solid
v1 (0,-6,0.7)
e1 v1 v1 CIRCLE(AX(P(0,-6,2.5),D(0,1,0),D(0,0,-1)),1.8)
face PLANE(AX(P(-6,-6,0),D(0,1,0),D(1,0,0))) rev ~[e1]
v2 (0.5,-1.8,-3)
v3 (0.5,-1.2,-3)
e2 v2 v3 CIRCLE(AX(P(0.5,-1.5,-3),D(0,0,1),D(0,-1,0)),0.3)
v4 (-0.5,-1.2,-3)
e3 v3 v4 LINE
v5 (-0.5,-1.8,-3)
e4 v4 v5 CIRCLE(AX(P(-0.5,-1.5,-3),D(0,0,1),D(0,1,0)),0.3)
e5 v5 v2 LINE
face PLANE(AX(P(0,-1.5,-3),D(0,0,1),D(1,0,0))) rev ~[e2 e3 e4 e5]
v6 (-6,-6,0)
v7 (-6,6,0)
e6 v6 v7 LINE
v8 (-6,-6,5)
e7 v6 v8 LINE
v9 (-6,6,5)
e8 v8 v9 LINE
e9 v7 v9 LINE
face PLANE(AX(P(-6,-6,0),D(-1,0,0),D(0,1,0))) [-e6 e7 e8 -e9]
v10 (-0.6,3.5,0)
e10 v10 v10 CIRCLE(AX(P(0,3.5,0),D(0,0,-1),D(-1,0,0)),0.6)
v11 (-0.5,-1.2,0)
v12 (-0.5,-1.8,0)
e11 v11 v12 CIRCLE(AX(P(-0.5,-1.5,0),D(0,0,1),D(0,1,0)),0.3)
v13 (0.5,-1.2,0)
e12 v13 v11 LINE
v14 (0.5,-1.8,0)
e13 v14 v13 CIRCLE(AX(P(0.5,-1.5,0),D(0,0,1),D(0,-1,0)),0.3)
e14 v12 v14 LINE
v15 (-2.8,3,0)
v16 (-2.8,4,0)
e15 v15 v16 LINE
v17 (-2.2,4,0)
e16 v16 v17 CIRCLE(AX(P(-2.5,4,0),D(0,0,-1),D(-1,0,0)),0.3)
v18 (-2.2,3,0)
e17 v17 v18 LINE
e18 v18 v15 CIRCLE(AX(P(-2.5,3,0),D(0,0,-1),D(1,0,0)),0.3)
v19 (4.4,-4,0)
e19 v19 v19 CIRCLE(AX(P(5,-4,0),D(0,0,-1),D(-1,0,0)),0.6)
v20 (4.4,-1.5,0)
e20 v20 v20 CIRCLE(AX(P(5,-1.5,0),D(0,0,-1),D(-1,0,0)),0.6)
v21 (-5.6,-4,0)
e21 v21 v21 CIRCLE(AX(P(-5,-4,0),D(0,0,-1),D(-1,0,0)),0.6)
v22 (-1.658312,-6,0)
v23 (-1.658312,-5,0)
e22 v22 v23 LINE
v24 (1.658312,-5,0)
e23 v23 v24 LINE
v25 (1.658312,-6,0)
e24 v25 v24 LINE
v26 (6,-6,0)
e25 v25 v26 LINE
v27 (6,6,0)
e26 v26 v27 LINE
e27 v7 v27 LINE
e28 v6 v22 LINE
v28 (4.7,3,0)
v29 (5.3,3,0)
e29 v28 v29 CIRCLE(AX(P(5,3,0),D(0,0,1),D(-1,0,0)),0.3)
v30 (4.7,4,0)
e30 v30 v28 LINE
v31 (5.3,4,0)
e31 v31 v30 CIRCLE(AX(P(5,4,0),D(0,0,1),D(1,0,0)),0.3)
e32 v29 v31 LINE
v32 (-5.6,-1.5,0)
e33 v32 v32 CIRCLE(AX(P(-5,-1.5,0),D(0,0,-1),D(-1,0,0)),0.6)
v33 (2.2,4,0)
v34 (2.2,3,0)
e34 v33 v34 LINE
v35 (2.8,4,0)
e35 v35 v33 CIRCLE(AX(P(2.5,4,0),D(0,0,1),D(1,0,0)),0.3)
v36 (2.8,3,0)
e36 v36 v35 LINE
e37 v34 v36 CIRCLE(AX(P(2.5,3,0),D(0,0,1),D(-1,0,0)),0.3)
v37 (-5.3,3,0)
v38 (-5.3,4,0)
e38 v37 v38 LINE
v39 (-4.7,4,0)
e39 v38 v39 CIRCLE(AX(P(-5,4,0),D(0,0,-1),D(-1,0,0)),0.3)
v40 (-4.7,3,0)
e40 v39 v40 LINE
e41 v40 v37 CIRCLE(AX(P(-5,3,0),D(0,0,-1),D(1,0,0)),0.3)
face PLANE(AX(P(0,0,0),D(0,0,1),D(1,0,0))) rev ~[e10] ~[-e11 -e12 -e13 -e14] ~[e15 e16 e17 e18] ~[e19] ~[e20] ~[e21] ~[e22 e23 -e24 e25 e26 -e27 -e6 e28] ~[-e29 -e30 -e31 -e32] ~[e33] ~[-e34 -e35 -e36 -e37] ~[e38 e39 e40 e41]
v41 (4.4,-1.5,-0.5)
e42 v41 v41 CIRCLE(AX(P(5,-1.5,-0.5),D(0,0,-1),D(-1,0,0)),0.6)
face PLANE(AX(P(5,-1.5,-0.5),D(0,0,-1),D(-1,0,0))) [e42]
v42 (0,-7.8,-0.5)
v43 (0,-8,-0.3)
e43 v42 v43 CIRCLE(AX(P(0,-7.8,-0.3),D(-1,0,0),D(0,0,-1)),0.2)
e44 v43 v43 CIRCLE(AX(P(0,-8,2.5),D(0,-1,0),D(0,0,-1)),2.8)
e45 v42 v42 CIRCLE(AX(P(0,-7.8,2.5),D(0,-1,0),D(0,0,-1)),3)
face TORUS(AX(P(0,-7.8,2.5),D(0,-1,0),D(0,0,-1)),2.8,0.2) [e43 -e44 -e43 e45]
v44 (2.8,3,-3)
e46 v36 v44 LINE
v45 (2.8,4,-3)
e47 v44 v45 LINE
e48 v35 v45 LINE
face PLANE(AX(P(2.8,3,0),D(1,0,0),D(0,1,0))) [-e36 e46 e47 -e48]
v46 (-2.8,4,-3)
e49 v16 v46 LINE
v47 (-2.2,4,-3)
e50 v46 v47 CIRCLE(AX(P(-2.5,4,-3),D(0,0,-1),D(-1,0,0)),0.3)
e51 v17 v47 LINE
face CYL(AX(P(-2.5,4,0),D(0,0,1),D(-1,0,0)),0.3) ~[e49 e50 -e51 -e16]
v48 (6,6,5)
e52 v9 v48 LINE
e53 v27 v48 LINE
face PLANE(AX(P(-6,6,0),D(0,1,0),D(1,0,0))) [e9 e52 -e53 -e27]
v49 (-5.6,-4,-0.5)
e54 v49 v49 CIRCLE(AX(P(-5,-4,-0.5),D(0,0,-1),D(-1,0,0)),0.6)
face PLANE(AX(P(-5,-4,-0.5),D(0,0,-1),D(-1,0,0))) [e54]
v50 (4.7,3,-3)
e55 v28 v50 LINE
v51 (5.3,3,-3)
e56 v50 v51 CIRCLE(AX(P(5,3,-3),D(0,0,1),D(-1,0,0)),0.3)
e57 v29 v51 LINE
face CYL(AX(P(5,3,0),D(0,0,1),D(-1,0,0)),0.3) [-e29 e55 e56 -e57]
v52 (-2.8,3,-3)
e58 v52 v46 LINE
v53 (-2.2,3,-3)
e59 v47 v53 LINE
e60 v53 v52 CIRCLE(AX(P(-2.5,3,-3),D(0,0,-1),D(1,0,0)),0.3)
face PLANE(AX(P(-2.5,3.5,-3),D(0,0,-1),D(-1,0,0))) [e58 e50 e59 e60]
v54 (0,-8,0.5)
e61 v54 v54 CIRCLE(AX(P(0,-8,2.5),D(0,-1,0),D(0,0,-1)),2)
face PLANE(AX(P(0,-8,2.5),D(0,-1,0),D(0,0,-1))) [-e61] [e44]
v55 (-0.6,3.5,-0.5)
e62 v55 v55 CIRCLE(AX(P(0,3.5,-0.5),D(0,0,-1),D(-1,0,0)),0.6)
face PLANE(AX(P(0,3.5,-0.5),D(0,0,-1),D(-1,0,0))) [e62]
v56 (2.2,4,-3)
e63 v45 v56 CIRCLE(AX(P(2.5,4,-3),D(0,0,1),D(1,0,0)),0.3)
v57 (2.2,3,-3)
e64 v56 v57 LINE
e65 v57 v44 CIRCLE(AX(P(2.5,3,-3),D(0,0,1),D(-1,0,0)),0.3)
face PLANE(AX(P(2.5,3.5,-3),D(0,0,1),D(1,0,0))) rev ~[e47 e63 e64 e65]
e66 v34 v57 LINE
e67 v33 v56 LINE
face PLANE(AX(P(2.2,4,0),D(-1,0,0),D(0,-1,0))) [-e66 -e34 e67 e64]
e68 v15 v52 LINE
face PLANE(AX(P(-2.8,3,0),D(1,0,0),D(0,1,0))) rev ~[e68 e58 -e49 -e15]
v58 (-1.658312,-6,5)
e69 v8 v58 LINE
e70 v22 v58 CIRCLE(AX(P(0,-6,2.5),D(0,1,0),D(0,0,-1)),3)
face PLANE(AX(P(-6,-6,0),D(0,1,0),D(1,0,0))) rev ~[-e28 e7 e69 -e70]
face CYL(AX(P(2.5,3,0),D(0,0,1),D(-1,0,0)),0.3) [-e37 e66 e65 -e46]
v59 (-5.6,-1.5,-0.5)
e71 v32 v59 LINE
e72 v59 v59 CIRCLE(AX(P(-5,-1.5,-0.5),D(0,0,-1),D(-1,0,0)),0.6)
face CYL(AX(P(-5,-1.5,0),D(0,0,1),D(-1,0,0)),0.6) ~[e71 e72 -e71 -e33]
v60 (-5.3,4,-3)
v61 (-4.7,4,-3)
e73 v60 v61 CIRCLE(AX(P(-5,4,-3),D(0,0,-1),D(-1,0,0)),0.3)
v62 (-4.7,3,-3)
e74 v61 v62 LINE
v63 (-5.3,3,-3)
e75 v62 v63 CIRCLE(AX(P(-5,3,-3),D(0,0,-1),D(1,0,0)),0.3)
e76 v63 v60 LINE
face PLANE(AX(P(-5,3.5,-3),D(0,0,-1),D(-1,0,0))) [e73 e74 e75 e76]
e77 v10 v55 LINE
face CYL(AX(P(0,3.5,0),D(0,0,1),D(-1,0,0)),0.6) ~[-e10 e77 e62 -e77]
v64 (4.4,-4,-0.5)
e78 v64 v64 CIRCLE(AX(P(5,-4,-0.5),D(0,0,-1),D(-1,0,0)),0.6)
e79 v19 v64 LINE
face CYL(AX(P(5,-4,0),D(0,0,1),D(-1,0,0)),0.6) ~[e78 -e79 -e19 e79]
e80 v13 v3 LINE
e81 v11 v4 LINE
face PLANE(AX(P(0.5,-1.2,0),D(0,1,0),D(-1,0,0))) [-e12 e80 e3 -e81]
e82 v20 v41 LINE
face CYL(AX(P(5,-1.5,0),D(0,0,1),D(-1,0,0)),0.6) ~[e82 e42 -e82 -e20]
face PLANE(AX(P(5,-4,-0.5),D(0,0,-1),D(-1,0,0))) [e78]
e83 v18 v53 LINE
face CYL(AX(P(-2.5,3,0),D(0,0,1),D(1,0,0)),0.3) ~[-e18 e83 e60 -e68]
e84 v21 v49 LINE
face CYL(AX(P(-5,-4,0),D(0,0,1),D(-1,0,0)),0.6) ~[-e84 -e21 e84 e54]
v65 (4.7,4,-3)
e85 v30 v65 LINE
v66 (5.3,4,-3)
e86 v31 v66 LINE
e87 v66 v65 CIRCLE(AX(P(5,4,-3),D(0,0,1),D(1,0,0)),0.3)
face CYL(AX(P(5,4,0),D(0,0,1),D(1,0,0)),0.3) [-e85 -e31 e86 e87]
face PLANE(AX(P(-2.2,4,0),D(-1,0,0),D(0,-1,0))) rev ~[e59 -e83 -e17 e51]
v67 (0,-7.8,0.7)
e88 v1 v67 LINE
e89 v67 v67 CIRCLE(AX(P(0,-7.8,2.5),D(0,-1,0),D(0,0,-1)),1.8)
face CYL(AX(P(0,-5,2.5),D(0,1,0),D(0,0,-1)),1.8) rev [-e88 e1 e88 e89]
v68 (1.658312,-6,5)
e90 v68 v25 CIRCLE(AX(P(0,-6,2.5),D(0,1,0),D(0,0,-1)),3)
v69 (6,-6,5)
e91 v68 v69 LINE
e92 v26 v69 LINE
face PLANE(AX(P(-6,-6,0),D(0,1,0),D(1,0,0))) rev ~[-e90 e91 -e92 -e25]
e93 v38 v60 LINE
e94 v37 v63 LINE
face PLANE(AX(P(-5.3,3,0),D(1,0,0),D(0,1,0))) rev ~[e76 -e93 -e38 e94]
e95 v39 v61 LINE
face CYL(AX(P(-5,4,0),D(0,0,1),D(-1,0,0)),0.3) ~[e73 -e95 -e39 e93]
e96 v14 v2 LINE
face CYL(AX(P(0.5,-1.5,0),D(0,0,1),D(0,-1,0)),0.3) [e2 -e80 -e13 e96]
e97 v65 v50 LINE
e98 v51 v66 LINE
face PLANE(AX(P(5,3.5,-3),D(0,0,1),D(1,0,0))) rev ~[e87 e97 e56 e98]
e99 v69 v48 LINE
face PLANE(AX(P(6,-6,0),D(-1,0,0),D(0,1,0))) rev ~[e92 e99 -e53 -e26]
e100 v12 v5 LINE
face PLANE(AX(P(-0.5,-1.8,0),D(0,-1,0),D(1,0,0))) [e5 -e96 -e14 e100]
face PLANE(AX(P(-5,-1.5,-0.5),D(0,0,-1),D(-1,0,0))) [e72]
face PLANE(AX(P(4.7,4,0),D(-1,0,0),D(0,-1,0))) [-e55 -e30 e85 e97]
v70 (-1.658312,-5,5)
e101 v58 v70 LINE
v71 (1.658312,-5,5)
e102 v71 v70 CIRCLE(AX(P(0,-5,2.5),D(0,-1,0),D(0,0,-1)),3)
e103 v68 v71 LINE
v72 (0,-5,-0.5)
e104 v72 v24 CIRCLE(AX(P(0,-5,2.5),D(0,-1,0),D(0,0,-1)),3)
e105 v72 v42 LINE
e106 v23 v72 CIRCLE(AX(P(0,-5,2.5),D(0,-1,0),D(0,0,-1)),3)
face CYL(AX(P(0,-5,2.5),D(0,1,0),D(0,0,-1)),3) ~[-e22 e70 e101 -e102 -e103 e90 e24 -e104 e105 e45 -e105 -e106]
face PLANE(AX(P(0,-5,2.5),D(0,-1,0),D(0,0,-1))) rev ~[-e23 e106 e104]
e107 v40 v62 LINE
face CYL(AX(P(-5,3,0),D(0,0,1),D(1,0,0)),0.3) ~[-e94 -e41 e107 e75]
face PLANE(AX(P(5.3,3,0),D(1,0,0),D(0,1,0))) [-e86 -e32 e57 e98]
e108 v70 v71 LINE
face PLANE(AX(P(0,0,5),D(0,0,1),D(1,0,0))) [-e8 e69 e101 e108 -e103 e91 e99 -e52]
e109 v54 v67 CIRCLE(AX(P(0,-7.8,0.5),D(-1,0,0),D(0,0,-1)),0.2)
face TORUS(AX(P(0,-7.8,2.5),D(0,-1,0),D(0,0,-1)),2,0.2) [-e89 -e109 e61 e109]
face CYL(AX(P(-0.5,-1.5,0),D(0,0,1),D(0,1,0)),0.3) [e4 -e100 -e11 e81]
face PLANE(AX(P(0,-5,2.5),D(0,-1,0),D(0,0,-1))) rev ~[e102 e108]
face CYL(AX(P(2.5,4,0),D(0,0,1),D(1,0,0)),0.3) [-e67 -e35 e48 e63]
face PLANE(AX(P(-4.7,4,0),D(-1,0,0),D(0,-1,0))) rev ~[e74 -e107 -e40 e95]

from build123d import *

# Parameters (mm, degrees)
SKETCH1_W                = 12
SKETCH1_H                = 12
BOSS_EXTRUDE1_DEPTH      = 5
BOSS_EXTRUDE2_DEPTH      = 2
BOSS_EXTRUDE2_DEPTH_BACK = 1
SKETCH2_R                = 3
SKETCH2_R_2              = 1.8
FILLET1_R                = 0.2
SKETCH3_R                = 0.6
BOSS_EXTRUDE3_DEPTH      = 0.5
BOSS_EXTRUDE4_DEPTH      = 3


with BuildPart() as part:
    # Sketch1 → Boss-Extrude1 (new body)
    with BuildSketch(Plane.XY):
        Rectangle(SKETCH1_W, SKETCH1_H)
    extrude(amount=BOSS_EXTRUDE1_DEPTH)

    # Sketch2 → Boss-Extrude2 (add, two sides: drawn at the far end of the back side and taken through both)
    with BuildSketch(Plane.XZ.offset(6).offset(-BOSS_EXTRUDE2_DEPTH_BACK)):
        with Locations((0, 2.5)):
            Circle(SKETCH2_R)
        with Locations((0, 2.5)):
            Circle(SKETCH2_R_2, mode=Mode.SUBTRACT)
    extrude(amount=BOSS_EXTRUDE2_DEPTH + BOSS_EXTRUDE2_DEPTH_BACK)

    # Fillet1
    fillet1_edges = [part.edges().sort_by_distance(p)[0] for p in [
        (-1.8, -8, 2.5),
        (-3, -8, 2.5),
    ]]
    fillet(fillet1_edges, radius=FILLET1_R)

    # Sketch3 → Boss-Extrude3 (add)
    with BuildSketch(Plane(origin=(0, 0, 0), x_dir=(-1, 0, 0), z_dir=(0, 0, -1))):
        with Locations((-5, -4)):
            Circle(SKETCH3_R)
        with Locations((5, -4)):
            Circle(SKETCH3_R)
        with Locations((-5, -1.5)):
            Circle(SKETCH3_R)
        with Locations((5, -1.5)):
            Circle(SKETCH3_R)
        with Locations((0, 3.5)):
            Circle(SKETCH3_R)
    extrude(amount=BOSS_EXTRUDE3_DEPTH)

    # Sketch3<3> → Boss-Extrude4 (add)
    with BuildSketch(Plane(origin=(0, 0, 0), x_dir=(-1, 0, 0), z_dir=(0, 0, -1))):
        with BuildLine():
            Line((-0.5, -1.2), (0.5, -1.2))
            ThreePointArc((0.5, -1.2), (0.8, -1.5), (0.5, -1.8))
            Line((0.5, -1.8), (-0.5, -1.8))
            ThreePointArc((-0.5, -1.8), (-0.8, -1.5), (-0.5, -1.2))
        make_face()
        with BuildLine():
            Line((-4.7, 4), (-4.7, 3))
            ThreePointArc((-4.7, 3), (-5, 2.7), (-5.3, 3))
            Line((-5.3, 3), (-5.3, 4))
            ThreePointArc((-5.3, 4), (-5, 4.3), (-4.7, 4))
        make_face()
        with BuildLine():
            Line((-2.2, 4), (-2.2, 3))
            ThreePointArc((-2.2, 3), (-2.5, 2.7), (-2.8, 3))
            Line((-2.8, 3), (-2.8, 4))
            ThreePointArc((-2.8, 4), (-2.5, 4.3), (-2.2, 4))
        make_face()
        with BuildLine():
            Line((4.7, 4), (4.7, 3))
            ThreePointArc((4.7, 3), (5, 2.7), (5.3, 3))
            Line((5.3, 3), (5.3, 4))
            ThreePointArc((5.3, 4), (5, 4.3), (4.7, 4))
        make_face()
        with BuildLine():
            Line((2.2, 4), (2.2, 3))
            ThreePointArc((2.2, 3), (2.5, 2.7), (2.8, 3))
            Line((2.8, 3), (2.8, 4))
            ThreePointArc((2.8, 4), (2.5, 4.3), (2.2, 4))
        make_face()
    extrude(amount=BOSS_EXTRUDE4_DEPTH)


solid = part.part
